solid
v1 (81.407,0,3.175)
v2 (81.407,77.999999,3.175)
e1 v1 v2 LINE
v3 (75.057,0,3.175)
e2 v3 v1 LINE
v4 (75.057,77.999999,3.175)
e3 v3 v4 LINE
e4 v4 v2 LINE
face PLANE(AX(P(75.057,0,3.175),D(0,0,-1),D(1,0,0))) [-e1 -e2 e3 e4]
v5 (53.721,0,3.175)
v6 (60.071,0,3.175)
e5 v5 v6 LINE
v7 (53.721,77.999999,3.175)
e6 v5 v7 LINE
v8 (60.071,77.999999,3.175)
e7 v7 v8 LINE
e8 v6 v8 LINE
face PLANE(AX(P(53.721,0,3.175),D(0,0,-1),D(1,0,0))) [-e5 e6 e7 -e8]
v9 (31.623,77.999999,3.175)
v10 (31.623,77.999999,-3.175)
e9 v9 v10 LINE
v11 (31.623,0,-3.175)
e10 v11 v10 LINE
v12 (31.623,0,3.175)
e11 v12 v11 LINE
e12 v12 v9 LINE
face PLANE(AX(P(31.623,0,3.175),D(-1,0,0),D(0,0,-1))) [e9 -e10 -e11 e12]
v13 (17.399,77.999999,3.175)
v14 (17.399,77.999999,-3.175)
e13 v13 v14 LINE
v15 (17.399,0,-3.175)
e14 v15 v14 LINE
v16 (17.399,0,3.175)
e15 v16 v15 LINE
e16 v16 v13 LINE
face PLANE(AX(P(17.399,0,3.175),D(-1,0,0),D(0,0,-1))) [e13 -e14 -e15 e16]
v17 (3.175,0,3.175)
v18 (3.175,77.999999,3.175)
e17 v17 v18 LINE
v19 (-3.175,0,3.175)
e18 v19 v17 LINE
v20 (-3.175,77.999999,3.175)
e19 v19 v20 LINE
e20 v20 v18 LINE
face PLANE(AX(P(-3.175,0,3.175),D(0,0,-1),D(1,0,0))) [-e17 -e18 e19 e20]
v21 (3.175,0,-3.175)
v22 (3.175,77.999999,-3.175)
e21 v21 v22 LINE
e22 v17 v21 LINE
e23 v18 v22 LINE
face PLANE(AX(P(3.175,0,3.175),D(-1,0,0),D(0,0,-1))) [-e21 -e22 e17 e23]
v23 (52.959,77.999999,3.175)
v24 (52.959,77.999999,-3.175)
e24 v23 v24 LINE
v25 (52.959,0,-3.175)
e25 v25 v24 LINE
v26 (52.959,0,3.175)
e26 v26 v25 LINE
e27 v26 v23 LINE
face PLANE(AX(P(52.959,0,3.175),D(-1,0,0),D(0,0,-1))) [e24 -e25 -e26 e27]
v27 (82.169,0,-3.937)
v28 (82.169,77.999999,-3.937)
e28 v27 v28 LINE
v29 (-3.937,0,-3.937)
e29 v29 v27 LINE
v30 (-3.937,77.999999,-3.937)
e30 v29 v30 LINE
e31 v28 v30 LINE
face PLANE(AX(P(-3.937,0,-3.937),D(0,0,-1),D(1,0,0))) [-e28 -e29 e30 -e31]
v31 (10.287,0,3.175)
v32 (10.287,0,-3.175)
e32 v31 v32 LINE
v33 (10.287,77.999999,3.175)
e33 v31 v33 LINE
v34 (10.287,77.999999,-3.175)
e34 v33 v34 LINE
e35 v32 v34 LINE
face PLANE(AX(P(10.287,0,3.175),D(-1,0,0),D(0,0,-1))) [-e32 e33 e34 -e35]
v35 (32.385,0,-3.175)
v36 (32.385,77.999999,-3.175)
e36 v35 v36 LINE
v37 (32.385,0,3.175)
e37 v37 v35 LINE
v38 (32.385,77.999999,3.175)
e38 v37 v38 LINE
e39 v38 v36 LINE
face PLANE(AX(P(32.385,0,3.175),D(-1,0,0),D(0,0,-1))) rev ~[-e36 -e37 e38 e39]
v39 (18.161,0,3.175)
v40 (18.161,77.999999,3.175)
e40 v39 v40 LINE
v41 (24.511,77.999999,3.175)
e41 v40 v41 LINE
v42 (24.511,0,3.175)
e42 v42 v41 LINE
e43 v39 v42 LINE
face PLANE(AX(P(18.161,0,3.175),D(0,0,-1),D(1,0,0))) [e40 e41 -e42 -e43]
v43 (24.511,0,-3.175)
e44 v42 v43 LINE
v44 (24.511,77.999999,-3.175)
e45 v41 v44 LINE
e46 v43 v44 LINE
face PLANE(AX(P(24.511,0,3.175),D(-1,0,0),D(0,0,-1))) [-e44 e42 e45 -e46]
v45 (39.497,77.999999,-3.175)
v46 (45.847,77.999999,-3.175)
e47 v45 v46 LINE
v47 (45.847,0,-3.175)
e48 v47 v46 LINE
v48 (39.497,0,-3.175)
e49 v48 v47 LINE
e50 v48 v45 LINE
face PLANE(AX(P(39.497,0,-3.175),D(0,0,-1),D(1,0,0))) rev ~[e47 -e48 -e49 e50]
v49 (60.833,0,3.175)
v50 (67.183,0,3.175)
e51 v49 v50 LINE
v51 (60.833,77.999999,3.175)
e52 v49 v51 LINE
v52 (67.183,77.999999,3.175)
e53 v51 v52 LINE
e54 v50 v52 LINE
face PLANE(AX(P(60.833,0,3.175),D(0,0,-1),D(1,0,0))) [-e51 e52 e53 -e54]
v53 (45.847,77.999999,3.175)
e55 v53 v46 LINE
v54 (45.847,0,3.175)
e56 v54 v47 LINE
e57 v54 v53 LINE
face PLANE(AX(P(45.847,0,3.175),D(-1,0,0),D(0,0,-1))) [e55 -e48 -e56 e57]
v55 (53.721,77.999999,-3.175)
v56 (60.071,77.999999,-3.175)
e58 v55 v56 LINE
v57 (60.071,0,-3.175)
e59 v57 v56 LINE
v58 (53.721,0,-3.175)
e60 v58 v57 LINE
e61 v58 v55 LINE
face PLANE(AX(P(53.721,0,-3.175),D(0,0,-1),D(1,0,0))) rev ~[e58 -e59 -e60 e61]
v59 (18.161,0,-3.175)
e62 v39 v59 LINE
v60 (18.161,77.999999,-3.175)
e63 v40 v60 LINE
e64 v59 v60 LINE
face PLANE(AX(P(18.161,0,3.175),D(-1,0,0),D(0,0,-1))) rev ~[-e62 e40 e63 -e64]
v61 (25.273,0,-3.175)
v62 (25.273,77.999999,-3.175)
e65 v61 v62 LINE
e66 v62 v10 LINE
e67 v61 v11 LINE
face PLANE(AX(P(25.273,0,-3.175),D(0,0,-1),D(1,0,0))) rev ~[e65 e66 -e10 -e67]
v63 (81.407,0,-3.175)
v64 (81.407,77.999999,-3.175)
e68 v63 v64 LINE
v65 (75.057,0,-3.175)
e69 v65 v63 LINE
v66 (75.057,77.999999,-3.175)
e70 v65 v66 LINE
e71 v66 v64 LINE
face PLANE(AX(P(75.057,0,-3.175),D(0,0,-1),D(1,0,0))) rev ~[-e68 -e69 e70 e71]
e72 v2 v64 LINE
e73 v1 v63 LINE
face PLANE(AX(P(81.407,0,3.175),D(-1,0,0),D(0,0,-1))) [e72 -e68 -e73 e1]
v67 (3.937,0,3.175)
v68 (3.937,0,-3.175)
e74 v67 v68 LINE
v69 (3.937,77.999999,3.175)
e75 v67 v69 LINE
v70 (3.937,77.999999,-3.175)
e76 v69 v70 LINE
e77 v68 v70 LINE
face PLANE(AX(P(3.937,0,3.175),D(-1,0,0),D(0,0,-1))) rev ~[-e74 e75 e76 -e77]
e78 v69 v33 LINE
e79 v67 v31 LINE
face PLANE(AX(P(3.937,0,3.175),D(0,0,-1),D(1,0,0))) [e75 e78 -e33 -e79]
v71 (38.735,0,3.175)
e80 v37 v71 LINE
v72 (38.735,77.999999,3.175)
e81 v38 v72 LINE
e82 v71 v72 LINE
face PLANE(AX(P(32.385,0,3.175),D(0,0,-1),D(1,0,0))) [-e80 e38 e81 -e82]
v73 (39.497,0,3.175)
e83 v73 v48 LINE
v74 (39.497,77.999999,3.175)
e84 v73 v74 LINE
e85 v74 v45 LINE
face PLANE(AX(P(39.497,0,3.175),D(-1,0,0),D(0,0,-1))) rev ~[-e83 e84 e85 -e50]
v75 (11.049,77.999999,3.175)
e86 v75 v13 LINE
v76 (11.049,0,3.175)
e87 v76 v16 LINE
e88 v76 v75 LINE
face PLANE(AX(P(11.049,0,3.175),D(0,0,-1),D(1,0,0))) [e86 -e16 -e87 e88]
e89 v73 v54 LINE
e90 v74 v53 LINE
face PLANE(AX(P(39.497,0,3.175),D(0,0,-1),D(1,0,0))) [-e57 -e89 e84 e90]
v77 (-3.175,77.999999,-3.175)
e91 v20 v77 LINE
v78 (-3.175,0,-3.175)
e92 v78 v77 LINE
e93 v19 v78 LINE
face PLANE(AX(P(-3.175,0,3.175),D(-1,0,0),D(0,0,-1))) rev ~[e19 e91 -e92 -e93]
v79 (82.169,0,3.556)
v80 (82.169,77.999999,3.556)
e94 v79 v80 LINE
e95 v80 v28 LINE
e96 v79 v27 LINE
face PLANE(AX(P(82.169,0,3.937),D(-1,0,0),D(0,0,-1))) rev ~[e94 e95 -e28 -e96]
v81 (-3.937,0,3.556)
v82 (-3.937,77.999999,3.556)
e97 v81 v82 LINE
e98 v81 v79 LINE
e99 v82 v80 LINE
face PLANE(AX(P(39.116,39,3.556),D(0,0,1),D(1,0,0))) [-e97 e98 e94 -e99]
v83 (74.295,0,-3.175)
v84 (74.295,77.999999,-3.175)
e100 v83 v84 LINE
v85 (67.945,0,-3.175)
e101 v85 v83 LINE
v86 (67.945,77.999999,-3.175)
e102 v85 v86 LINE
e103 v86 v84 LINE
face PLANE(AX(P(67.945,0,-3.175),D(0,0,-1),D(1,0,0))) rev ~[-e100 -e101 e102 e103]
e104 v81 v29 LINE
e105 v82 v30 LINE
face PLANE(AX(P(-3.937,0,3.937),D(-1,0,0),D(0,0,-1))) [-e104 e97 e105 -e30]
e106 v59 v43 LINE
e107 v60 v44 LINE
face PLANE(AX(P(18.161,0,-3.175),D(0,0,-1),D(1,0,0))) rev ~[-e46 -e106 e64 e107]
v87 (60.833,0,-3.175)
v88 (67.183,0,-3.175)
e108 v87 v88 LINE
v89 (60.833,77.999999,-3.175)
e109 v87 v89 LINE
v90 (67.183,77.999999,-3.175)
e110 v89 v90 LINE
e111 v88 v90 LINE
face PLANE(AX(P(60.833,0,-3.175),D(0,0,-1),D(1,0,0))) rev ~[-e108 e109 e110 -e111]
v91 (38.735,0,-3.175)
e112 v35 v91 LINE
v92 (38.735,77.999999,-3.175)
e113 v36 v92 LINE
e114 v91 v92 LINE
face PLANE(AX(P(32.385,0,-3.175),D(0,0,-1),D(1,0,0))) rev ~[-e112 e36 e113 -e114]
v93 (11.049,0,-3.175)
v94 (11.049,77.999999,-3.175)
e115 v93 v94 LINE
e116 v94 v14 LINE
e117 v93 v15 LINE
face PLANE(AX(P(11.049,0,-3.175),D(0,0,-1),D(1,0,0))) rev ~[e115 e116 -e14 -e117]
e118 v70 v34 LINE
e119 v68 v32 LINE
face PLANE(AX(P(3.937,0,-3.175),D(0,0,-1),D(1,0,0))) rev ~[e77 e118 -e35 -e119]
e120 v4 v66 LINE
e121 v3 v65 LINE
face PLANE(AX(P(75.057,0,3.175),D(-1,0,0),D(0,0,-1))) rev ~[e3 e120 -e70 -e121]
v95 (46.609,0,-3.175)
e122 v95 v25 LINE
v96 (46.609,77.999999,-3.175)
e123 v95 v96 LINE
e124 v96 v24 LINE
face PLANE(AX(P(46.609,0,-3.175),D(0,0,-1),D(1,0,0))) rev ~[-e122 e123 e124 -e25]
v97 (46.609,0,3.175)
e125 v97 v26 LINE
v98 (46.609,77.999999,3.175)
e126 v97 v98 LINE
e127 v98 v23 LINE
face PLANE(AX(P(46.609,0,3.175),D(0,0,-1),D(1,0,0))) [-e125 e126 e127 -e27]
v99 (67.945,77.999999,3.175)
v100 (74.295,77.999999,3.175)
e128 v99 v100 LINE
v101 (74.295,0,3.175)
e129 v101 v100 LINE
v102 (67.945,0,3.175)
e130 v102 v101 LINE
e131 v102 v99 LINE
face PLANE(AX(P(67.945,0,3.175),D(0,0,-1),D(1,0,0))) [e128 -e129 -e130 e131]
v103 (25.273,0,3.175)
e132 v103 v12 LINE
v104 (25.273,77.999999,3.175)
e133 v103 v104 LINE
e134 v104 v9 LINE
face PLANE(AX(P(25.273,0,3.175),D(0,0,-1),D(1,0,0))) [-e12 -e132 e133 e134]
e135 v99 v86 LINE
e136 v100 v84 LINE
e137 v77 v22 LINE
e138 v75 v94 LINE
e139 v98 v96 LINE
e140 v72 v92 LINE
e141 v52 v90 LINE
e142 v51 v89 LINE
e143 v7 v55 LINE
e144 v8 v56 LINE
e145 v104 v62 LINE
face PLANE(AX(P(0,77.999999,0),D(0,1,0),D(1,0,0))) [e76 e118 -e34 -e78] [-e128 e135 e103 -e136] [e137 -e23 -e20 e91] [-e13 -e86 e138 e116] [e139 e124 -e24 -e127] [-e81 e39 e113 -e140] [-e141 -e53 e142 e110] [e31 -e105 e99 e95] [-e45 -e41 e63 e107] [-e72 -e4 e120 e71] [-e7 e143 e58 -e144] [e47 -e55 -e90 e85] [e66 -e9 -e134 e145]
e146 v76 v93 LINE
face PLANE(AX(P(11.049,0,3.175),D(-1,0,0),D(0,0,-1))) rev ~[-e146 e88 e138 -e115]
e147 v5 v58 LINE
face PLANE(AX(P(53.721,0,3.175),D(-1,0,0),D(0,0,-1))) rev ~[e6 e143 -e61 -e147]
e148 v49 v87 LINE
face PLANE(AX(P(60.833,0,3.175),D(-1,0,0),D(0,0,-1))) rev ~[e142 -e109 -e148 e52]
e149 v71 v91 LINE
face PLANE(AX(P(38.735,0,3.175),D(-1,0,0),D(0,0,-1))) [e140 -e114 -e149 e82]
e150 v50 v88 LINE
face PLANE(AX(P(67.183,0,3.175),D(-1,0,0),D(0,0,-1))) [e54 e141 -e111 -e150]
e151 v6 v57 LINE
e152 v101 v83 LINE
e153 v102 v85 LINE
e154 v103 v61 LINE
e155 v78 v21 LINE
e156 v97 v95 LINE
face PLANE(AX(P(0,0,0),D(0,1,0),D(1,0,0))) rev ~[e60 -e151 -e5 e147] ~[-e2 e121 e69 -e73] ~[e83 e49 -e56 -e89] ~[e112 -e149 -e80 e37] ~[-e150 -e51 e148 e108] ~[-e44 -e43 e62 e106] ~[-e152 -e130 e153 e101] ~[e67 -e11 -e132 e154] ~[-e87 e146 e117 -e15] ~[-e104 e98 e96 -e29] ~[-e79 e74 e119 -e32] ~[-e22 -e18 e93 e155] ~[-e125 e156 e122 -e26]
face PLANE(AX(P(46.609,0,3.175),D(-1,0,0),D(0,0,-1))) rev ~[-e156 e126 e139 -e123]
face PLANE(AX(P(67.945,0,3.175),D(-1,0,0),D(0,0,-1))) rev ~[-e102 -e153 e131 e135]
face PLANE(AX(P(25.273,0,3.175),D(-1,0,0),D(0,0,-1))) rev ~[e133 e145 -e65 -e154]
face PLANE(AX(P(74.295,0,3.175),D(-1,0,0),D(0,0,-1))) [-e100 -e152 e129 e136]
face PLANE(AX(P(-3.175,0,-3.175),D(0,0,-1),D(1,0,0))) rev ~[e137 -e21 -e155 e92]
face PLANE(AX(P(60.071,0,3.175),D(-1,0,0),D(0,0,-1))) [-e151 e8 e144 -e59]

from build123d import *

# Parameters (mm, degrees)
SKETCH1_W           = 7.874
SKETCH1_H           = 7.874
SKETCH1_W_2         = 6.35
SKETCH1_H_2         = 6.35
BOSS_EXTRUDE1_DEPTH = 77.999999194
LPATTERN1_COUNT     = 12
LPATTERN1_PITCH     = 7.112
CUT_EXTRUDE1_START  = 3.937
SKETCH3_W           = 86.106
SKETCH3_H           = 77.999999194
CUT_EXTRUDE1_DEPTH  = 0.381


with BuildPart() as part:
    # Sketch1 → Boss-Extrude1 (new body)
    with BuildSketch(Plane(origin=(0, 0, 0), x_dir=(1, 0, 0), z_dir=(0, 1, 0))):
        Rectangle(SKETCH1_W, SKETCH1_H)
        Rectangle(SKETCH1_W_2, SKETCH1_H_2, mode=Mode.SUBTRACT)
    boss_extrude1 = extrude(amount=BOSS_EXTRUDE1_DEPTH)

    # LPattern1: Boss-Extrude1 ×12
    with Locations(*[(i * LPATTERN1_PITCH, 0, 0) for i in range(1, LPATTERN1_COUNT)]):
        add(boss_extrude1)

    # Sketch3 → Cut-Extrude1 (cut)
    with BuildSketch(Plane.XY.offset(CUT_EXTRUDE1_START)):
        with Locations((39.116, 38.999999597)):
            Rectangle(SKETCH3_W, SKETCH3_H)
    extrude(amount=-CUT_EXTRUDE1_DEPTH, mode=Mode.SUBTRACT)


solid = part.part
